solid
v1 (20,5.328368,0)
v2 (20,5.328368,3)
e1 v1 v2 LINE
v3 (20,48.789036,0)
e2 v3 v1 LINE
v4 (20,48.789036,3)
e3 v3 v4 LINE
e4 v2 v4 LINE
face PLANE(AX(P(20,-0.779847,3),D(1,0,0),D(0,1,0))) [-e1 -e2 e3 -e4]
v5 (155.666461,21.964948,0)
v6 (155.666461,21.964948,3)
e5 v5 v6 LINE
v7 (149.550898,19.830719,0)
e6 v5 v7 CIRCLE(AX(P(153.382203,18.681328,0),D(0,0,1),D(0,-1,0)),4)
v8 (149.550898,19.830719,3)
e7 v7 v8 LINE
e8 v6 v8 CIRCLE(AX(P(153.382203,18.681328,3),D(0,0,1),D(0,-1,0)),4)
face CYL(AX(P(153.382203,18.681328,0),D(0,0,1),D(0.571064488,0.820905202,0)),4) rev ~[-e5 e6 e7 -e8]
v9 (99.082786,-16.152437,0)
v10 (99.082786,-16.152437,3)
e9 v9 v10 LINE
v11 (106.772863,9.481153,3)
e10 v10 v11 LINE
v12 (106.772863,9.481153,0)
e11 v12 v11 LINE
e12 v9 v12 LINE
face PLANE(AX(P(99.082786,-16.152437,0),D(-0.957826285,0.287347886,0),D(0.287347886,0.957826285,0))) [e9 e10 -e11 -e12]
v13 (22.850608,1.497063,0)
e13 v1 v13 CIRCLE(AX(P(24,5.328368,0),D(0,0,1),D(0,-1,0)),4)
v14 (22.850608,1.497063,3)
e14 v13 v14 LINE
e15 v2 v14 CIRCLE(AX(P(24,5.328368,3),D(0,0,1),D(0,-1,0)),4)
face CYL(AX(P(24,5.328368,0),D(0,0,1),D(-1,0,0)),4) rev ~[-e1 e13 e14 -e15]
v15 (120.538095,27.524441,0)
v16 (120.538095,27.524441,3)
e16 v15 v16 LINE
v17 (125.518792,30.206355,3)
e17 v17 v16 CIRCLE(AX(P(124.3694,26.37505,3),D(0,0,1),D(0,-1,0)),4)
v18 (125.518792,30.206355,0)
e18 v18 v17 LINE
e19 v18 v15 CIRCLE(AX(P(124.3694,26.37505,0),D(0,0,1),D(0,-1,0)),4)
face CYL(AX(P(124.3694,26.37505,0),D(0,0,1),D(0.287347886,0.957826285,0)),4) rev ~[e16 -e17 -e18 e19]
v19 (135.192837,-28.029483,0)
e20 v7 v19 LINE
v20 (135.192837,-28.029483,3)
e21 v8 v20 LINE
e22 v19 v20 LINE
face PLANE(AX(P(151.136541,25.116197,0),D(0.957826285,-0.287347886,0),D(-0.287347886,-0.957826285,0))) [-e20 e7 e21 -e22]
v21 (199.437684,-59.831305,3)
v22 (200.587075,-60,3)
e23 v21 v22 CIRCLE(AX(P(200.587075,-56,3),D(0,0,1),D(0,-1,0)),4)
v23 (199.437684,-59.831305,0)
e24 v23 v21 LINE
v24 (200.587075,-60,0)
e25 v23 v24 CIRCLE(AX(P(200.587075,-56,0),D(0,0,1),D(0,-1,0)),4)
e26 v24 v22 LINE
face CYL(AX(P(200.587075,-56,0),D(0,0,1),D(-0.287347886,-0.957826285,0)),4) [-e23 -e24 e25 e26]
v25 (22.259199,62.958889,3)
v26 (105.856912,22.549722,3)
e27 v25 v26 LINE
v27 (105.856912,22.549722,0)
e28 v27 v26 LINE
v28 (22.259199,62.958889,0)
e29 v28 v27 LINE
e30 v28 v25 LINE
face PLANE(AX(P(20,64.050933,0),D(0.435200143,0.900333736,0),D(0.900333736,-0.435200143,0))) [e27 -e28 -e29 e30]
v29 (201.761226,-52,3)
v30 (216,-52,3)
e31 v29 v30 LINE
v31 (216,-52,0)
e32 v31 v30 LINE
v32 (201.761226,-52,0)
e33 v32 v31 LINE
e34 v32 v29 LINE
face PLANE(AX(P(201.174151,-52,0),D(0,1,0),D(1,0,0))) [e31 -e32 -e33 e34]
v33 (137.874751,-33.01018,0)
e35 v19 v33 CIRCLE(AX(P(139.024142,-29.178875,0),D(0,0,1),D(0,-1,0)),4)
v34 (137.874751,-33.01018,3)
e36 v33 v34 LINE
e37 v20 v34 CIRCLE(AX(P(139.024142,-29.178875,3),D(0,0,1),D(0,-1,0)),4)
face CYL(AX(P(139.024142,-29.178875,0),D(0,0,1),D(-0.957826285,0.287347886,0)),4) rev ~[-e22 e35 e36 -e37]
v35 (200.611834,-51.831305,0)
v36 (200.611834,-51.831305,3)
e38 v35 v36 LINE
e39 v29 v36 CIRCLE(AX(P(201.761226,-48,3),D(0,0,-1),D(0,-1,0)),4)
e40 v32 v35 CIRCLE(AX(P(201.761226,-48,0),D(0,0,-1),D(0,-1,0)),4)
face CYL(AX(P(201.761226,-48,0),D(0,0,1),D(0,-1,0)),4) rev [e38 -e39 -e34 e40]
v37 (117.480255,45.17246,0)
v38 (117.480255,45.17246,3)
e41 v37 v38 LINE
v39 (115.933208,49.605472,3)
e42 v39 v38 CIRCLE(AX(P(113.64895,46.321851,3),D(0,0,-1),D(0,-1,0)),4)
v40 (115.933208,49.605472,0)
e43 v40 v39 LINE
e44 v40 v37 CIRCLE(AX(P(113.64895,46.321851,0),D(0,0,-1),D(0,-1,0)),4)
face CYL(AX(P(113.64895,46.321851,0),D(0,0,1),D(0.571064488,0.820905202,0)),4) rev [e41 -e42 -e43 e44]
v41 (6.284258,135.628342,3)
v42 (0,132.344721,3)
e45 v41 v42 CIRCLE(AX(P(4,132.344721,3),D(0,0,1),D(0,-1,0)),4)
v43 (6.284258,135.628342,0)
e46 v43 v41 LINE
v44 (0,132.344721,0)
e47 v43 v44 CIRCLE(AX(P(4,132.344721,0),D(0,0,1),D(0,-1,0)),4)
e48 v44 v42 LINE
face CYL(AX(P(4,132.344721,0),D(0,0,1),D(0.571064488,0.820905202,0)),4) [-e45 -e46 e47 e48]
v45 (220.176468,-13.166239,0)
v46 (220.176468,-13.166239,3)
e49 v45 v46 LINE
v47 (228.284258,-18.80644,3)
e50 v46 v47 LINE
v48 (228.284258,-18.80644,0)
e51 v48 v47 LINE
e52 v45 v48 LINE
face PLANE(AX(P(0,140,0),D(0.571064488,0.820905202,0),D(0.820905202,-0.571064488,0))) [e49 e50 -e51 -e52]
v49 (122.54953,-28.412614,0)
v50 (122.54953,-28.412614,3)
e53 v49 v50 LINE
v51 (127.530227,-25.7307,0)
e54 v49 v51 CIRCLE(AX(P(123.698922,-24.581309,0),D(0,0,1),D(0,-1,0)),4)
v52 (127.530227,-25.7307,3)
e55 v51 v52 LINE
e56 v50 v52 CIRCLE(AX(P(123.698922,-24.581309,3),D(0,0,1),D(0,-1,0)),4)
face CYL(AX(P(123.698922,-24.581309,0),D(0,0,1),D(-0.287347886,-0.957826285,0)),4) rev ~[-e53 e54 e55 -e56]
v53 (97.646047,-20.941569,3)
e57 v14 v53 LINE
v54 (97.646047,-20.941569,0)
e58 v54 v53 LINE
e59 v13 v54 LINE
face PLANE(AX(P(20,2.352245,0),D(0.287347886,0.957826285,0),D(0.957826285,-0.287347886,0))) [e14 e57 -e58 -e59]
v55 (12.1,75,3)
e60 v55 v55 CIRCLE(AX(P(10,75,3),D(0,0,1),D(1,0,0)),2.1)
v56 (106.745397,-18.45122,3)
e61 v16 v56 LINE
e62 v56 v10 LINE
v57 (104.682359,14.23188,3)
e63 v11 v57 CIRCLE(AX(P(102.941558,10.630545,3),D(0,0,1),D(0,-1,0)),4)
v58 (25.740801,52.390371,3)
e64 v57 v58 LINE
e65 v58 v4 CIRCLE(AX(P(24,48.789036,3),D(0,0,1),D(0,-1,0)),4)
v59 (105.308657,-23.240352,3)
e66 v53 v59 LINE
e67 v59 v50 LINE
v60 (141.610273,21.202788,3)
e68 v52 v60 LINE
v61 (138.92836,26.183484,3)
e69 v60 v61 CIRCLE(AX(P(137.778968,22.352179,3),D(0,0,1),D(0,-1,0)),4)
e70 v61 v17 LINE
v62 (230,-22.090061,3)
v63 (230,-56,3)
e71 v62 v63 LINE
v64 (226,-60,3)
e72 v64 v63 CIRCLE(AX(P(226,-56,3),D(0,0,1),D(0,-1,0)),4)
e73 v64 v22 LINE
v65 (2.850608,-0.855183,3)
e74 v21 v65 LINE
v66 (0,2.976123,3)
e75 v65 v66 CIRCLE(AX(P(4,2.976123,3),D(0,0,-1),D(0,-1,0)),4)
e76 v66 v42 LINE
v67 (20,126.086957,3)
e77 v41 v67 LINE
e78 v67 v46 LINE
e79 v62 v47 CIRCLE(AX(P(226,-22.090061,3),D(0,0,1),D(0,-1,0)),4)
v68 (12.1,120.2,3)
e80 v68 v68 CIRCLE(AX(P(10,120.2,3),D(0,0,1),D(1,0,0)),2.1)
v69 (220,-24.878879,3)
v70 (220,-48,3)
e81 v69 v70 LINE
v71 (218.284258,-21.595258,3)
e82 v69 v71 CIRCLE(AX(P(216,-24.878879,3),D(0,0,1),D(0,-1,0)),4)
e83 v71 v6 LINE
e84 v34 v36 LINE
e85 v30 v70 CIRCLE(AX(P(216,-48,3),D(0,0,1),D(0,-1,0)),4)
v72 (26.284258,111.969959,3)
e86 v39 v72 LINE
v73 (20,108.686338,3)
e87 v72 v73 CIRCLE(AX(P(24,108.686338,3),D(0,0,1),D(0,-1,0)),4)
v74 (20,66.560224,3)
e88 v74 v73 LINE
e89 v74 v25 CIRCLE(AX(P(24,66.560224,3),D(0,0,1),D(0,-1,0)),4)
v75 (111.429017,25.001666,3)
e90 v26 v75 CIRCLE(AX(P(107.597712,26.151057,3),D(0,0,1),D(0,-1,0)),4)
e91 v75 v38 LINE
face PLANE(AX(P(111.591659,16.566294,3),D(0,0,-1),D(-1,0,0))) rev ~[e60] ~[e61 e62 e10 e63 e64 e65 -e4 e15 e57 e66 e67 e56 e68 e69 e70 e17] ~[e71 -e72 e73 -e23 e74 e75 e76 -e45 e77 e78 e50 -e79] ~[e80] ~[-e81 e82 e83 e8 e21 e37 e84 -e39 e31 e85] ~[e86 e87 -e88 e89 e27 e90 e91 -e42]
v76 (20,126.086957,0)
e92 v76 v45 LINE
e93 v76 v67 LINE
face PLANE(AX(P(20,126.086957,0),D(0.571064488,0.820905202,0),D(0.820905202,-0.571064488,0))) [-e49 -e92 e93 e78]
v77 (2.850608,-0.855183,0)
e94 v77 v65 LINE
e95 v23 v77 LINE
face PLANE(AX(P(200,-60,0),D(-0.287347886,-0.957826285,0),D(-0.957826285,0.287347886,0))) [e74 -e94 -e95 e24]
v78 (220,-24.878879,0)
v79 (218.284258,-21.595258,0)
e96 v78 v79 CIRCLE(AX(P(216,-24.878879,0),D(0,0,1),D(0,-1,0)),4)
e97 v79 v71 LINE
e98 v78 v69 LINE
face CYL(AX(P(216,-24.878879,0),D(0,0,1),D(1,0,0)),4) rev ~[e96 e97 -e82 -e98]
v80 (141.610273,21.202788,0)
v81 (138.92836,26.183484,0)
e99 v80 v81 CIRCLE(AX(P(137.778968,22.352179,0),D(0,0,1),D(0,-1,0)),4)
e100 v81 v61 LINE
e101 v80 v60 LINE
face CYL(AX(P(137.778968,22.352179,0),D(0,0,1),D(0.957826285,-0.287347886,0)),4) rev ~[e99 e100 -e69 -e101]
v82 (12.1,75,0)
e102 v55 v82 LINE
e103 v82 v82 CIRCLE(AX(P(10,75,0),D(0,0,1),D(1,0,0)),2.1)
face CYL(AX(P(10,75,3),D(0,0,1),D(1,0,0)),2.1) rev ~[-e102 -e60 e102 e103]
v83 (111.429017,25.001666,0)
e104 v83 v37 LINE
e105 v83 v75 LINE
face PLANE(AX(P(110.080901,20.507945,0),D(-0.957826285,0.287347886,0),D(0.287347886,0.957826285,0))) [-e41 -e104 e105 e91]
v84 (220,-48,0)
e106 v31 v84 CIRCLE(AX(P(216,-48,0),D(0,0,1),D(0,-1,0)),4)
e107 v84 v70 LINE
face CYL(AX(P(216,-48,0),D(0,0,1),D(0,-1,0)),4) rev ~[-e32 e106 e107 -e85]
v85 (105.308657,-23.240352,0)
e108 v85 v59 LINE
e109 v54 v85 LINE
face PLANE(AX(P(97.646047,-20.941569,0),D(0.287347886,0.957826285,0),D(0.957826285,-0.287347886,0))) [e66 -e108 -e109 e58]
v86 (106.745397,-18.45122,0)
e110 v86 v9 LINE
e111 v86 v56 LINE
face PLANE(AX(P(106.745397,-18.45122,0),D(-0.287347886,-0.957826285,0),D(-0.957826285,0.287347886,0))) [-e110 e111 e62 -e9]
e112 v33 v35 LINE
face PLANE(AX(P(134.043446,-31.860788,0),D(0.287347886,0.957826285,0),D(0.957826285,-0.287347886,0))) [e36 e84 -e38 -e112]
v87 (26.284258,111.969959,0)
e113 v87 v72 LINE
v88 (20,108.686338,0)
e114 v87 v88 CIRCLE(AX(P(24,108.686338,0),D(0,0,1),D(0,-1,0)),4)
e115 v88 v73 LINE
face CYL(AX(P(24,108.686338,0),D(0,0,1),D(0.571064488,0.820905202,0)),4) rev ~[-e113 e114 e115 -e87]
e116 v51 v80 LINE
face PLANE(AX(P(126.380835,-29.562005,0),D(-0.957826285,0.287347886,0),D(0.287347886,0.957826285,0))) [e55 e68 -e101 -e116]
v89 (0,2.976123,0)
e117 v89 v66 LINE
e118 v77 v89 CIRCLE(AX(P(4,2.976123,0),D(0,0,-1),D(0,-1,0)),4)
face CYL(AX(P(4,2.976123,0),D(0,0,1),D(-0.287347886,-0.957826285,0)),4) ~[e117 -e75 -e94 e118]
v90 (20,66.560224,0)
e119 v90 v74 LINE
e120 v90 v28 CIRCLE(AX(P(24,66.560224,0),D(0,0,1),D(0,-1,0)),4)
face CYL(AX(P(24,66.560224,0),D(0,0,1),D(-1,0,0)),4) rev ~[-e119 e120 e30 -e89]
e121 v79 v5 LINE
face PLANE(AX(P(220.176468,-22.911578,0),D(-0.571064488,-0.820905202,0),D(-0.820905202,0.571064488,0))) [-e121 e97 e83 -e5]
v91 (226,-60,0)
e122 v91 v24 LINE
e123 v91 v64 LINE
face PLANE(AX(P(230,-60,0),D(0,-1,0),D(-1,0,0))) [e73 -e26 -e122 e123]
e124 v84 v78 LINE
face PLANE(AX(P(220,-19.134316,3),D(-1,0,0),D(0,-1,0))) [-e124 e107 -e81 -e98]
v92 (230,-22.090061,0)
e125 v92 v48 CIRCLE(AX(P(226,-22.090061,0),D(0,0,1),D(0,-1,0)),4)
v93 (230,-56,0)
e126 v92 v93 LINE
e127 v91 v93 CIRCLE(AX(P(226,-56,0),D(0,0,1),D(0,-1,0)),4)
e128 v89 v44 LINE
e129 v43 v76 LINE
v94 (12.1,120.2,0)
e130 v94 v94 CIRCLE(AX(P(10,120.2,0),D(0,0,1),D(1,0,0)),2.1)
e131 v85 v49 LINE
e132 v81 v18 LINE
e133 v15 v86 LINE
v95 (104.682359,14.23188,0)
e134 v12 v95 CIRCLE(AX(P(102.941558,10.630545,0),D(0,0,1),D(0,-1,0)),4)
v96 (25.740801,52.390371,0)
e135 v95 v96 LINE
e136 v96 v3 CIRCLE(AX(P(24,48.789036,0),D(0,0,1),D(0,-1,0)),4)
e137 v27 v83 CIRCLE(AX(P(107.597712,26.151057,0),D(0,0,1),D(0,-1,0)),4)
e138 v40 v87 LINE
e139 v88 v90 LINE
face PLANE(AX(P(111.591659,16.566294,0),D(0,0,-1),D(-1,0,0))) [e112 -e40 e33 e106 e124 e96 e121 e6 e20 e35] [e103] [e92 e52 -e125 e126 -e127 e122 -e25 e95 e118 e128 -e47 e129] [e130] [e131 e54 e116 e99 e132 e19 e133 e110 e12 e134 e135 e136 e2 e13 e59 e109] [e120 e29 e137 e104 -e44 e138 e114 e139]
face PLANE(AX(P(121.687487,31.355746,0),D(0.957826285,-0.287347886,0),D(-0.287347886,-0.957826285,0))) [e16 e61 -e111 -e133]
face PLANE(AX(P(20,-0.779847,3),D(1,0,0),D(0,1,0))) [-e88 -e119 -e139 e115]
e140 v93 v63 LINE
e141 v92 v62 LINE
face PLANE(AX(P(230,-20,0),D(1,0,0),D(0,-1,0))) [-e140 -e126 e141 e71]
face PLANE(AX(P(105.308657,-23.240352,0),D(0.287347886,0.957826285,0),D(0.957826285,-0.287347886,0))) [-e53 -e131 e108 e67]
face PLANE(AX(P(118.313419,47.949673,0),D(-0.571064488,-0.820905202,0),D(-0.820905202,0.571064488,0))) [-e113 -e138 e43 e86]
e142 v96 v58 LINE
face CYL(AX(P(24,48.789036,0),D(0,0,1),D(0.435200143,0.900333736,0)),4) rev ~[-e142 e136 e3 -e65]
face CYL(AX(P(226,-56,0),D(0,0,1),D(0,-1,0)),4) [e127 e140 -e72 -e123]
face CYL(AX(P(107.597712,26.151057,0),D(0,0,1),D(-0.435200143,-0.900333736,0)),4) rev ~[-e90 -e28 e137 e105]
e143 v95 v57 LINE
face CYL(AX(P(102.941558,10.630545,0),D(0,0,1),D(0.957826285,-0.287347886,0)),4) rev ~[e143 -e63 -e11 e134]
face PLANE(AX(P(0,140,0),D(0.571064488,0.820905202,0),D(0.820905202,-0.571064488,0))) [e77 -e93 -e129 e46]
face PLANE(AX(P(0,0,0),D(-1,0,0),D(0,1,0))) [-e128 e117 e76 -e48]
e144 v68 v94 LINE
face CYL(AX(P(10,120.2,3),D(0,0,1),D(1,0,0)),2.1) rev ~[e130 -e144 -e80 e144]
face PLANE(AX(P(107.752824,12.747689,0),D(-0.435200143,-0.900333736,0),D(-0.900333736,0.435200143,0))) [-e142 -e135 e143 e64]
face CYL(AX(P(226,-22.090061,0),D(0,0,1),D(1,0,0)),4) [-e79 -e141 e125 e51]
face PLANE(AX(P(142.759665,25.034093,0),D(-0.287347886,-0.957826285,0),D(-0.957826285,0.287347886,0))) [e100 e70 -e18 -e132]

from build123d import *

# Parameters (mm, degrees)
EXTRUDE_1_DEPTH     = 3
SKETCH_2_R          = 2.1
CUT_EXTRUDE_1_DEPTH = 39
CUT_EXTRUDE_2_DEPTH = 10
EXTRUDE_4_DEPTH     = 3
FILLET_1_R          = 4
FILLET_2_R          = 4


with BuildPart() as part:
    # Эскиз1 → Бобышка-Вытянуть1 (new body)
    with BuildSketch(Plane.XY):
        Polygon((0, 0), (0, 140), (230, -20), (230, -60), (200, -60), align=None)
    extrude(amount=EXTRUDE_1_DEPTH)

    # Эскиз2 → Вырез-Вытянуть1 (cut)
    with BuildSketch(Plane.XY.offset(3)):
        with Locations((10, 75)):
            Circle(SKETCH_2_R)
        with Locations((10, 120.2)):
            Circle(SKETCH_2_R)
    extrude(amount=-CUT_EXTRUDE_1_DEPTH, mode=Mode.SUBTRACT)

    # Эскиз5 → Вырез-Вытянуть2 (cut)
    with BuildSketch(Plane.XY.offset(3)):
        Polygon((220, -19.134315533), (220, -55), (200.733844182, -55), (20, -0.779846746), (20, 119.99611925), align=None)
    extrude(amount=-CUT_EXTRUDE_2_DEPTH, mode=Mode.SUBTRACT)

    # Эскиз7 → Бобышка-Вытянуть4 (add)
    with BuildSketch(Plane.XY):
        Polygon((105.308657106, -23.240351925), (126.380835381, -29.562005407), (142.759664858, 25.034092851), (121.687486583, 31.355746333), (106.745396534, -18.451220499), (99.082786252, -16.152437414), (107.752824145, 12.747688898), (20, 55.165339274), (20, 64.05093323), (110.080901053, 20.507945256), (118.313419369, 47.949672977), (20, 116.341616886), (20, 126.086956522), (220.176468292, -13.166238812), (220.176468292, -22.911578447), (151.136541271, 25.116196871), (134.043445663, -31.860788492), (201.17415069, -52), (220, -52), (220, -55), (200.733844182, -55), (20, -0.779846746), (20, 2.352245207), (97.646046824, -20.94156884), align=None)
    extrude(amount=EXTRUDE_4_DEPTH)

    # Скругление1
    fillet_1_edges = [part.edges().sort_by_distance(p)[0] for p in [
        (0, 0, 1.5),
        (0, 140, 1.5),
        (230, -20, 1.5),
        (230, -60, 1.5),
        (200, -60, 1.5),
    ]]
    fillet(fillet_1_edges, radius=FILLET_1_R)

    # Скругление2
    fillet_2_edges = [part.edges().sort_by_distance(p)[0] for p in [
        (220, -22.788817896, 1.5),
        (151.136541271, 25.116196871, 1.5),
        (20, 2.352245207, 1.5),
        (220, -52, 1.5),
        (201.17415069, -52, 1.5),
        (134.043445663, -31.860788492, 1.5),
        (20, 116.341616886, 1.5),
        (118.313419369, 47.949672977, 1.5),
        (110.080901053, 20.507945256, 1.5),
        (20, 64.05093323, 1.5),
        (20, 55.165339274, 1.5),
        (107.752824145, 12.747688898, 1.5),
        (121.687486583, 31.355746333, 1.5),
        (142.759664858, 25.034092851, 1.5),
        (126.380835381, -29.562005407, 1.5),
    ]]
    fillet(fillet_2_edges, radius=FILLET_2_R)


solid = part.part
